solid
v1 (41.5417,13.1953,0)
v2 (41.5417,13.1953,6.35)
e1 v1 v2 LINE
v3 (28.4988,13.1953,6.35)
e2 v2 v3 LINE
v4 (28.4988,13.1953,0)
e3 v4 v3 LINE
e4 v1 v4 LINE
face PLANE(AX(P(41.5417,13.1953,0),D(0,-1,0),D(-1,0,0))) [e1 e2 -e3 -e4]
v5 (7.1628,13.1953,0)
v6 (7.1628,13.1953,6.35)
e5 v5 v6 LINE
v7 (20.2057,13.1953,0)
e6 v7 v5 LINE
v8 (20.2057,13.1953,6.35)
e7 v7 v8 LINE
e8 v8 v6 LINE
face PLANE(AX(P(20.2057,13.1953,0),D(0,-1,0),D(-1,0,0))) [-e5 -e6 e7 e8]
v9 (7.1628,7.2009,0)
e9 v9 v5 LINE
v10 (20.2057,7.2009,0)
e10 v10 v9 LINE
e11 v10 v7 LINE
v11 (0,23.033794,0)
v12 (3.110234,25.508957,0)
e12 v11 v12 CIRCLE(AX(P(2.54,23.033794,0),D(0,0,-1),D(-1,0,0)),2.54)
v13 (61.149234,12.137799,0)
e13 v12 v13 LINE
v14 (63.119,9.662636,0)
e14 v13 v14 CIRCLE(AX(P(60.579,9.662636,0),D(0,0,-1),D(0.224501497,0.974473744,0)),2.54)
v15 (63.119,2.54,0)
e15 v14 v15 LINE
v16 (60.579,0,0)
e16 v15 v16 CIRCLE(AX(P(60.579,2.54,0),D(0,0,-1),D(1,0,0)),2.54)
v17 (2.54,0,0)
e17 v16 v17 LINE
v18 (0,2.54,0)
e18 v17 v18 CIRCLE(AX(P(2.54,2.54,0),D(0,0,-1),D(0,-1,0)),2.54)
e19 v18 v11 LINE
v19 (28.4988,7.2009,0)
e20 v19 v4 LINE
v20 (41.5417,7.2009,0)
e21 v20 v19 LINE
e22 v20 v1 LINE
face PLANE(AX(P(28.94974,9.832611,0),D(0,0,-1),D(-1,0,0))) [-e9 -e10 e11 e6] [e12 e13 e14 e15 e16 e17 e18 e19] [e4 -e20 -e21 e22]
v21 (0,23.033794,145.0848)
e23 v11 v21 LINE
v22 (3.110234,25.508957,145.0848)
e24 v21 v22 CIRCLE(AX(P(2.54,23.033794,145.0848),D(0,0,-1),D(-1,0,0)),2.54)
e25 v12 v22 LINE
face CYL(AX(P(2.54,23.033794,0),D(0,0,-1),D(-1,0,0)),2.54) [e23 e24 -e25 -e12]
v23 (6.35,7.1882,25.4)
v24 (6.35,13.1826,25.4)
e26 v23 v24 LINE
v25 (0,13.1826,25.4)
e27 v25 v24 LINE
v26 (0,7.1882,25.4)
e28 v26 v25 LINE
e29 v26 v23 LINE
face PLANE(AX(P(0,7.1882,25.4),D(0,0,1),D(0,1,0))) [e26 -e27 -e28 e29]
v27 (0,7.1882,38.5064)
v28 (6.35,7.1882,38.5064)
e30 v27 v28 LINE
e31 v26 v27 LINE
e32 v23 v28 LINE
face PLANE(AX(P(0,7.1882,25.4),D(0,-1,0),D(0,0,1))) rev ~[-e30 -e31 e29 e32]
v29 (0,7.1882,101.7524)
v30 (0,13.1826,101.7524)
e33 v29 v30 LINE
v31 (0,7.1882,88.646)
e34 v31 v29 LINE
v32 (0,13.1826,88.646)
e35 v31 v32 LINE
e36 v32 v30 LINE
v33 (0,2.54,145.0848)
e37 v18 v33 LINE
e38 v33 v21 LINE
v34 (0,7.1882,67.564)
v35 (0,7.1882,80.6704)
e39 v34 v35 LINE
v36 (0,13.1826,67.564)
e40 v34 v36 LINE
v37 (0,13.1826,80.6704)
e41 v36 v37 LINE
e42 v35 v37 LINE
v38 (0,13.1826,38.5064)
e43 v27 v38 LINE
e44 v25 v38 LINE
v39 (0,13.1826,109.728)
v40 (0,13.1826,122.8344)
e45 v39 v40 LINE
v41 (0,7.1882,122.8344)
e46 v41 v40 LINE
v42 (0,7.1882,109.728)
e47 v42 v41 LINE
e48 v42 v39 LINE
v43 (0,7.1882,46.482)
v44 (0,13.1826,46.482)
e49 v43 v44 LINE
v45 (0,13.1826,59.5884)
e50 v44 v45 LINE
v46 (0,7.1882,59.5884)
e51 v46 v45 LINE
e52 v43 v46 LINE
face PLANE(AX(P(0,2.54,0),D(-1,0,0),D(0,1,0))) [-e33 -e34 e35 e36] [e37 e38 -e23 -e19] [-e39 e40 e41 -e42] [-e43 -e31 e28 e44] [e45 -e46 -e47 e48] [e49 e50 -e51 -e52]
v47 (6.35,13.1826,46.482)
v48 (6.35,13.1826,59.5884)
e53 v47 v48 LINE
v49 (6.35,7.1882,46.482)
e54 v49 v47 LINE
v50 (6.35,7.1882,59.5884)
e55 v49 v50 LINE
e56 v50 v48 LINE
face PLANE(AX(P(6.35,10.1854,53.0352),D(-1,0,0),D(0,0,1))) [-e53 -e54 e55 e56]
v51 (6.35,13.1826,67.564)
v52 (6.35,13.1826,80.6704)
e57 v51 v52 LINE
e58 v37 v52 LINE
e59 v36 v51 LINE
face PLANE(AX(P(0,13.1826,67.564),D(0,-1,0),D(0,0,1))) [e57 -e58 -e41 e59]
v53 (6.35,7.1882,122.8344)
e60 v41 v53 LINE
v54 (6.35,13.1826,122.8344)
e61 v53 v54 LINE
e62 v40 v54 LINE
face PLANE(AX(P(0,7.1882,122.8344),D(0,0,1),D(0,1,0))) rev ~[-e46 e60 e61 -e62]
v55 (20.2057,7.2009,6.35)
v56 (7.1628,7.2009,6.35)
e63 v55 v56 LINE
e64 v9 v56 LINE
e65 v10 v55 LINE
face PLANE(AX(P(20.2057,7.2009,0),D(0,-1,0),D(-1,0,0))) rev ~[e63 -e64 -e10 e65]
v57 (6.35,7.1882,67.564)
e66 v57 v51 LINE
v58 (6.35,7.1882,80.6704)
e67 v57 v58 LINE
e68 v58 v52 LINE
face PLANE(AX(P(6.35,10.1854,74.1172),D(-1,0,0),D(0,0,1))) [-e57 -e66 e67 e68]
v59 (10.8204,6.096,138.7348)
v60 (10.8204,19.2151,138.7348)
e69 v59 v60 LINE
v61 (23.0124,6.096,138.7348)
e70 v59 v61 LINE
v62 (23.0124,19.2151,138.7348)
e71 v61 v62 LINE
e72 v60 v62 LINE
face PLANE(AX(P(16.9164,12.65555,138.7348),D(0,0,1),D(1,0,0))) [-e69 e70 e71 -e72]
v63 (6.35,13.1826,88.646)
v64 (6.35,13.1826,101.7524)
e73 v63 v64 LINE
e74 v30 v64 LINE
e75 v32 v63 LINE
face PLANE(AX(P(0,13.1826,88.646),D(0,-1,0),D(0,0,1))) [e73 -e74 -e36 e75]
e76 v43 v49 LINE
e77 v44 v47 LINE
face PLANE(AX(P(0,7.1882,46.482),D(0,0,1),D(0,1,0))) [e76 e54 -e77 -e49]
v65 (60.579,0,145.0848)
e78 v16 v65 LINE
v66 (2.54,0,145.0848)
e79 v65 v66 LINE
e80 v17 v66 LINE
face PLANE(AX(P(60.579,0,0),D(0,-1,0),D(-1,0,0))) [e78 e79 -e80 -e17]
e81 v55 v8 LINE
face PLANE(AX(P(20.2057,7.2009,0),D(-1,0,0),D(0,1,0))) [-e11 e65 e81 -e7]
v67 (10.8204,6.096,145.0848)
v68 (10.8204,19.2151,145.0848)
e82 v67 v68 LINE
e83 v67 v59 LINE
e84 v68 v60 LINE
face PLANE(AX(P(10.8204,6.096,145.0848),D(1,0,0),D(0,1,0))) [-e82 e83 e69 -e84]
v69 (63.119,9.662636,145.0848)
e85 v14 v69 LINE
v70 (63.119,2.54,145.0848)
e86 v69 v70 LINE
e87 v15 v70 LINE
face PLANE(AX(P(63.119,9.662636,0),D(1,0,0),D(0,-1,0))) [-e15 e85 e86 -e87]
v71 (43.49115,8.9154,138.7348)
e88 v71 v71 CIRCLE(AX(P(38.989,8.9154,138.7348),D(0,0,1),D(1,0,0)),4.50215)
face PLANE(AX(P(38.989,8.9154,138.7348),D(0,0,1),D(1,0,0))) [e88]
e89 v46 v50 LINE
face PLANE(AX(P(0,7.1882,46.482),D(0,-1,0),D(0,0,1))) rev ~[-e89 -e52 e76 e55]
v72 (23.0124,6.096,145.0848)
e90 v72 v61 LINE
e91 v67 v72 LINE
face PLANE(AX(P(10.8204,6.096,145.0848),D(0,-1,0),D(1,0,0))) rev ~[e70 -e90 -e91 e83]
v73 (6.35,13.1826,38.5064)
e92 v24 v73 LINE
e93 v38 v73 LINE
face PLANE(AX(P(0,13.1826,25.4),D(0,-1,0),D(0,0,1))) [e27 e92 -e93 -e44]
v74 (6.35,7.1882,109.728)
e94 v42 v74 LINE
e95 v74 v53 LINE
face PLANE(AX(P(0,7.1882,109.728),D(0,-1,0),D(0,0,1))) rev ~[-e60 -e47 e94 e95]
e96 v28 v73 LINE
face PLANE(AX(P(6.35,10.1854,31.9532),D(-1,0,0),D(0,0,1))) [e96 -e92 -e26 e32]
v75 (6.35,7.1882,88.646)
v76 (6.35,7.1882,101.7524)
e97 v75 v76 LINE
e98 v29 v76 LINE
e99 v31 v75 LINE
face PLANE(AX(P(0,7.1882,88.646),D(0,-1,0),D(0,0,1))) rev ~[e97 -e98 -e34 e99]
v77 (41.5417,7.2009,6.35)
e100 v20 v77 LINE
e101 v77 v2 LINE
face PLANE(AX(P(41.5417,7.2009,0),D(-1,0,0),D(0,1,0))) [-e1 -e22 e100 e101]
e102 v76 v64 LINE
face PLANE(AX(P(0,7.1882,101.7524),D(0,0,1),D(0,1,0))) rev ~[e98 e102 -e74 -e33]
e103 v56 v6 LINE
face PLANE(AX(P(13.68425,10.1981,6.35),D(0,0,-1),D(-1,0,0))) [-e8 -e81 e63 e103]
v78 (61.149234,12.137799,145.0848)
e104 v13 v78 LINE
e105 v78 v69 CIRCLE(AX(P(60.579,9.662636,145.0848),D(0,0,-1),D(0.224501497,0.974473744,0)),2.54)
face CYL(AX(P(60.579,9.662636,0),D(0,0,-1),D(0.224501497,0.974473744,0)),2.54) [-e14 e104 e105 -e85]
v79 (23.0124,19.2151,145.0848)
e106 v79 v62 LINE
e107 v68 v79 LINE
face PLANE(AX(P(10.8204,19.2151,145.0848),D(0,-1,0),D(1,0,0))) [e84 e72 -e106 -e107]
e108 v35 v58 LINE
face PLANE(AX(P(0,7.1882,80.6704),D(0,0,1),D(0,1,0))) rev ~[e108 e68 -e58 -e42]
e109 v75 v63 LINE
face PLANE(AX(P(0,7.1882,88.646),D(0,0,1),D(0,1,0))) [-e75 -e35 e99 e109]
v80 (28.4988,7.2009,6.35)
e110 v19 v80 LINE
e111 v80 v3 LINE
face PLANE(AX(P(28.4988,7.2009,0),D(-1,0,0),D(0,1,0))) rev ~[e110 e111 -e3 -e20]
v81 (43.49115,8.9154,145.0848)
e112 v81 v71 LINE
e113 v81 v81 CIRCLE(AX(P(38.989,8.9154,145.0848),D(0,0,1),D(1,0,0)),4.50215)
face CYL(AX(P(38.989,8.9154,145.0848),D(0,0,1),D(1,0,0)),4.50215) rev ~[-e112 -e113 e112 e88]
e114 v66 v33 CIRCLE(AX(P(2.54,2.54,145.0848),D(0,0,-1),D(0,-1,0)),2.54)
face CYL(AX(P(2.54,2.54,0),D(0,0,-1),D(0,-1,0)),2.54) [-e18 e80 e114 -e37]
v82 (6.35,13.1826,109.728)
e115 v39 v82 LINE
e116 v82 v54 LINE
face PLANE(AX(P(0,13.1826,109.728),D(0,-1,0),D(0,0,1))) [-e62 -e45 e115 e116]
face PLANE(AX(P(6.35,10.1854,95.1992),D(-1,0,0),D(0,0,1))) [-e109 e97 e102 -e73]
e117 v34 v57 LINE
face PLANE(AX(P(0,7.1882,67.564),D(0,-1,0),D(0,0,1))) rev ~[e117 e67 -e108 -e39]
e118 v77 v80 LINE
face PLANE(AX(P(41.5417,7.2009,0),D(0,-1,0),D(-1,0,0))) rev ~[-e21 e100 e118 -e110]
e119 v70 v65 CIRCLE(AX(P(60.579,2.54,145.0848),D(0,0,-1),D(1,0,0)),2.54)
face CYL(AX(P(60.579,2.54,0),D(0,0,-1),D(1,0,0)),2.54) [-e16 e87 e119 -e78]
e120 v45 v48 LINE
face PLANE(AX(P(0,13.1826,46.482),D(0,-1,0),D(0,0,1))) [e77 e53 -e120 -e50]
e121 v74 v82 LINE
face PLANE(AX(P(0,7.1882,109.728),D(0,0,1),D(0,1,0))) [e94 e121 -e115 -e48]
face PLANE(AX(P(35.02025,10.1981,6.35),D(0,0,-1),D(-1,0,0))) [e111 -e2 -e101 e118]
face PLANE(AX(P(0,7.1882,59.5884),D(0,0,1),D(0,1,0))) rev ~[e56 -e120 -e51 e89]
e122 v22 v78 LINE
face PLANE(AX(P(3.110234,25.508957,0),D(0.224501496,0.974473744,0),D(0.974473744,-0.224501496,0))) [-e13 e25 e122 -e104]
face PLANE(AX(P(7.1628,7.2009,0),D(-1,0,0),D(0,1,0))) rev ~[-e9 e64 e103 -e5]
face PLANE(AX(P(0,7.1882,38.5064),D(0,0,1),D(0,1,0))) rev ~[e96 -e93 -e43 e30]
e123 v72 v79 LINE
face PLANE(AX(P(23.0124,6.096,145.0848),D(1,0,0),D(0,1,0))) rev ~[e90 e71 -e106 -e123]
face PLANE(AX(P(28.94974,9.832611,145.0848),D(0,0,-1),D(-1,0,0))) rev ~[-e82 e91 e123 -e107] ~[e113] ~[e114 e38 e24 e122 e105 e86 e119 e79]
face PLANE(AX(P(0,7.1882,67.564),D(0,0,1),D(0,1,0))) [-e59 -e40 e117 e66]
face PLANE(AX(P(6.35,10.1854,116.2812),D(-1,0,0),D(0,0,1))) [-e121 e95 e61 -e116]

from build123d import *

# Parameters (mm, degrees)
BOSS_EXTRUDE1_DEPTH = 145.0848
SKETCH2_R           = 4.50215
SKETCH2_W           = 12.192
SKETCH2_H           = 13.1191
CUT_EXTRUDE1_DEPTH  = 6.35
SKETCH3_W           = 13.1064
SKETCH3_H           = 5.9944
CUT_EXTRUDE2_DEPTH  = 6.35
SKETCH4_W           = 13.0429
SKETCH4_H           = 5.9944
CUT_EXTRUDE3_DEPTH  = 6.35


with BuildPart() as part:
    # Sketch1 → Boss-Extrude1 (new body)
    with BuildSketch(Plane.XY):
        with BuildLine():
            Line((3.110233801, 25.508957203), (61.149233801, 12.137799255))
            ThreePointArc((61.149233801, 12.137799255), (62.566459918, 11.24428163), (63.119, 9.662635945))
            Line((63.119, 9.662635945), (63.119, 2.54))
            ThreePointArc((63.119, 2.54), (62.375051224, 0.743948776), (60.579, 0))
            Line((60.579, 0), (2.54, 0))
            ThreePointArc((2.54, 0), (0.743948776, 0.743948776), (0, 2.54))
            Line((0, 2.54), (0, 23.033793893))
            ThreePointArc((0, 23.033793893), (0.958354315, 25.021253811), (3.110233801, 25.508957203))
        make_face()
    extrude(amount=BOSS_EXTRUDE1_DEPTH)

    # Sketch2 → Cut-Extrude1 (cut)
    with BuildSketch(Plane.XY.offset(145.0848)):
        with Locations((38.989, 8.9154)):
            Circle(SKETCH2_R)
        with Locations((16.9164, 12.65555)):
            Rectangle(SKETCH2_W, SKETCH2_H)
    extrude(amount=-CUT_EXTRUDE1_DEPTH, mode=Mode.SUBTRACT)

    # Sketch3 → Cut-Extrude2 (cut)
    with BuildSketch(Plane.ZY):
        with Locations((31.9532, 10.1854)):
            Rectangle(SKETCH3_W, SKETCH3_H)
        with Locations((53.0352, 10.1854)):
            Rectangle(SKETCH3_W, SKETCH3_H)
        with Locations((74.1172, 10.1854)):
            Rectangle(SKETCH3_W, SKETCH3_H)
        with Locations((95.1992, 10.1854)):
            Rectangle(SKETCH3_W, SKETCH3_H)
        with Locations((116.2812, 10.1854)):
            Rectangle(SKETCH3_W, SKETCH3_H)
    extrude(amount=-CUT_EXTRUDE2_DEPTH, mode=Mode.SUBTRACT)

    # Sketch4 → Cut-Extrude3 (cut)
    with BuildSketch(Plane(origin=(0, 0, 0), x_dir=(-1, 0, 0), z_dir=(0, 0, -1))):
        with Locations((-13.68425, 10.1981)):
            Rectangle(SKETCH4_W, SKETCH4_H)
        with Locations((-35.02025, 10.1981)):
            Rectangle(SKETCH4_W, SKETCH4_H)
    extrude(amount=-CUT_EXTRUDE3_DEPTH, mode=Mode.SUBTRACT)


solid = part.part
